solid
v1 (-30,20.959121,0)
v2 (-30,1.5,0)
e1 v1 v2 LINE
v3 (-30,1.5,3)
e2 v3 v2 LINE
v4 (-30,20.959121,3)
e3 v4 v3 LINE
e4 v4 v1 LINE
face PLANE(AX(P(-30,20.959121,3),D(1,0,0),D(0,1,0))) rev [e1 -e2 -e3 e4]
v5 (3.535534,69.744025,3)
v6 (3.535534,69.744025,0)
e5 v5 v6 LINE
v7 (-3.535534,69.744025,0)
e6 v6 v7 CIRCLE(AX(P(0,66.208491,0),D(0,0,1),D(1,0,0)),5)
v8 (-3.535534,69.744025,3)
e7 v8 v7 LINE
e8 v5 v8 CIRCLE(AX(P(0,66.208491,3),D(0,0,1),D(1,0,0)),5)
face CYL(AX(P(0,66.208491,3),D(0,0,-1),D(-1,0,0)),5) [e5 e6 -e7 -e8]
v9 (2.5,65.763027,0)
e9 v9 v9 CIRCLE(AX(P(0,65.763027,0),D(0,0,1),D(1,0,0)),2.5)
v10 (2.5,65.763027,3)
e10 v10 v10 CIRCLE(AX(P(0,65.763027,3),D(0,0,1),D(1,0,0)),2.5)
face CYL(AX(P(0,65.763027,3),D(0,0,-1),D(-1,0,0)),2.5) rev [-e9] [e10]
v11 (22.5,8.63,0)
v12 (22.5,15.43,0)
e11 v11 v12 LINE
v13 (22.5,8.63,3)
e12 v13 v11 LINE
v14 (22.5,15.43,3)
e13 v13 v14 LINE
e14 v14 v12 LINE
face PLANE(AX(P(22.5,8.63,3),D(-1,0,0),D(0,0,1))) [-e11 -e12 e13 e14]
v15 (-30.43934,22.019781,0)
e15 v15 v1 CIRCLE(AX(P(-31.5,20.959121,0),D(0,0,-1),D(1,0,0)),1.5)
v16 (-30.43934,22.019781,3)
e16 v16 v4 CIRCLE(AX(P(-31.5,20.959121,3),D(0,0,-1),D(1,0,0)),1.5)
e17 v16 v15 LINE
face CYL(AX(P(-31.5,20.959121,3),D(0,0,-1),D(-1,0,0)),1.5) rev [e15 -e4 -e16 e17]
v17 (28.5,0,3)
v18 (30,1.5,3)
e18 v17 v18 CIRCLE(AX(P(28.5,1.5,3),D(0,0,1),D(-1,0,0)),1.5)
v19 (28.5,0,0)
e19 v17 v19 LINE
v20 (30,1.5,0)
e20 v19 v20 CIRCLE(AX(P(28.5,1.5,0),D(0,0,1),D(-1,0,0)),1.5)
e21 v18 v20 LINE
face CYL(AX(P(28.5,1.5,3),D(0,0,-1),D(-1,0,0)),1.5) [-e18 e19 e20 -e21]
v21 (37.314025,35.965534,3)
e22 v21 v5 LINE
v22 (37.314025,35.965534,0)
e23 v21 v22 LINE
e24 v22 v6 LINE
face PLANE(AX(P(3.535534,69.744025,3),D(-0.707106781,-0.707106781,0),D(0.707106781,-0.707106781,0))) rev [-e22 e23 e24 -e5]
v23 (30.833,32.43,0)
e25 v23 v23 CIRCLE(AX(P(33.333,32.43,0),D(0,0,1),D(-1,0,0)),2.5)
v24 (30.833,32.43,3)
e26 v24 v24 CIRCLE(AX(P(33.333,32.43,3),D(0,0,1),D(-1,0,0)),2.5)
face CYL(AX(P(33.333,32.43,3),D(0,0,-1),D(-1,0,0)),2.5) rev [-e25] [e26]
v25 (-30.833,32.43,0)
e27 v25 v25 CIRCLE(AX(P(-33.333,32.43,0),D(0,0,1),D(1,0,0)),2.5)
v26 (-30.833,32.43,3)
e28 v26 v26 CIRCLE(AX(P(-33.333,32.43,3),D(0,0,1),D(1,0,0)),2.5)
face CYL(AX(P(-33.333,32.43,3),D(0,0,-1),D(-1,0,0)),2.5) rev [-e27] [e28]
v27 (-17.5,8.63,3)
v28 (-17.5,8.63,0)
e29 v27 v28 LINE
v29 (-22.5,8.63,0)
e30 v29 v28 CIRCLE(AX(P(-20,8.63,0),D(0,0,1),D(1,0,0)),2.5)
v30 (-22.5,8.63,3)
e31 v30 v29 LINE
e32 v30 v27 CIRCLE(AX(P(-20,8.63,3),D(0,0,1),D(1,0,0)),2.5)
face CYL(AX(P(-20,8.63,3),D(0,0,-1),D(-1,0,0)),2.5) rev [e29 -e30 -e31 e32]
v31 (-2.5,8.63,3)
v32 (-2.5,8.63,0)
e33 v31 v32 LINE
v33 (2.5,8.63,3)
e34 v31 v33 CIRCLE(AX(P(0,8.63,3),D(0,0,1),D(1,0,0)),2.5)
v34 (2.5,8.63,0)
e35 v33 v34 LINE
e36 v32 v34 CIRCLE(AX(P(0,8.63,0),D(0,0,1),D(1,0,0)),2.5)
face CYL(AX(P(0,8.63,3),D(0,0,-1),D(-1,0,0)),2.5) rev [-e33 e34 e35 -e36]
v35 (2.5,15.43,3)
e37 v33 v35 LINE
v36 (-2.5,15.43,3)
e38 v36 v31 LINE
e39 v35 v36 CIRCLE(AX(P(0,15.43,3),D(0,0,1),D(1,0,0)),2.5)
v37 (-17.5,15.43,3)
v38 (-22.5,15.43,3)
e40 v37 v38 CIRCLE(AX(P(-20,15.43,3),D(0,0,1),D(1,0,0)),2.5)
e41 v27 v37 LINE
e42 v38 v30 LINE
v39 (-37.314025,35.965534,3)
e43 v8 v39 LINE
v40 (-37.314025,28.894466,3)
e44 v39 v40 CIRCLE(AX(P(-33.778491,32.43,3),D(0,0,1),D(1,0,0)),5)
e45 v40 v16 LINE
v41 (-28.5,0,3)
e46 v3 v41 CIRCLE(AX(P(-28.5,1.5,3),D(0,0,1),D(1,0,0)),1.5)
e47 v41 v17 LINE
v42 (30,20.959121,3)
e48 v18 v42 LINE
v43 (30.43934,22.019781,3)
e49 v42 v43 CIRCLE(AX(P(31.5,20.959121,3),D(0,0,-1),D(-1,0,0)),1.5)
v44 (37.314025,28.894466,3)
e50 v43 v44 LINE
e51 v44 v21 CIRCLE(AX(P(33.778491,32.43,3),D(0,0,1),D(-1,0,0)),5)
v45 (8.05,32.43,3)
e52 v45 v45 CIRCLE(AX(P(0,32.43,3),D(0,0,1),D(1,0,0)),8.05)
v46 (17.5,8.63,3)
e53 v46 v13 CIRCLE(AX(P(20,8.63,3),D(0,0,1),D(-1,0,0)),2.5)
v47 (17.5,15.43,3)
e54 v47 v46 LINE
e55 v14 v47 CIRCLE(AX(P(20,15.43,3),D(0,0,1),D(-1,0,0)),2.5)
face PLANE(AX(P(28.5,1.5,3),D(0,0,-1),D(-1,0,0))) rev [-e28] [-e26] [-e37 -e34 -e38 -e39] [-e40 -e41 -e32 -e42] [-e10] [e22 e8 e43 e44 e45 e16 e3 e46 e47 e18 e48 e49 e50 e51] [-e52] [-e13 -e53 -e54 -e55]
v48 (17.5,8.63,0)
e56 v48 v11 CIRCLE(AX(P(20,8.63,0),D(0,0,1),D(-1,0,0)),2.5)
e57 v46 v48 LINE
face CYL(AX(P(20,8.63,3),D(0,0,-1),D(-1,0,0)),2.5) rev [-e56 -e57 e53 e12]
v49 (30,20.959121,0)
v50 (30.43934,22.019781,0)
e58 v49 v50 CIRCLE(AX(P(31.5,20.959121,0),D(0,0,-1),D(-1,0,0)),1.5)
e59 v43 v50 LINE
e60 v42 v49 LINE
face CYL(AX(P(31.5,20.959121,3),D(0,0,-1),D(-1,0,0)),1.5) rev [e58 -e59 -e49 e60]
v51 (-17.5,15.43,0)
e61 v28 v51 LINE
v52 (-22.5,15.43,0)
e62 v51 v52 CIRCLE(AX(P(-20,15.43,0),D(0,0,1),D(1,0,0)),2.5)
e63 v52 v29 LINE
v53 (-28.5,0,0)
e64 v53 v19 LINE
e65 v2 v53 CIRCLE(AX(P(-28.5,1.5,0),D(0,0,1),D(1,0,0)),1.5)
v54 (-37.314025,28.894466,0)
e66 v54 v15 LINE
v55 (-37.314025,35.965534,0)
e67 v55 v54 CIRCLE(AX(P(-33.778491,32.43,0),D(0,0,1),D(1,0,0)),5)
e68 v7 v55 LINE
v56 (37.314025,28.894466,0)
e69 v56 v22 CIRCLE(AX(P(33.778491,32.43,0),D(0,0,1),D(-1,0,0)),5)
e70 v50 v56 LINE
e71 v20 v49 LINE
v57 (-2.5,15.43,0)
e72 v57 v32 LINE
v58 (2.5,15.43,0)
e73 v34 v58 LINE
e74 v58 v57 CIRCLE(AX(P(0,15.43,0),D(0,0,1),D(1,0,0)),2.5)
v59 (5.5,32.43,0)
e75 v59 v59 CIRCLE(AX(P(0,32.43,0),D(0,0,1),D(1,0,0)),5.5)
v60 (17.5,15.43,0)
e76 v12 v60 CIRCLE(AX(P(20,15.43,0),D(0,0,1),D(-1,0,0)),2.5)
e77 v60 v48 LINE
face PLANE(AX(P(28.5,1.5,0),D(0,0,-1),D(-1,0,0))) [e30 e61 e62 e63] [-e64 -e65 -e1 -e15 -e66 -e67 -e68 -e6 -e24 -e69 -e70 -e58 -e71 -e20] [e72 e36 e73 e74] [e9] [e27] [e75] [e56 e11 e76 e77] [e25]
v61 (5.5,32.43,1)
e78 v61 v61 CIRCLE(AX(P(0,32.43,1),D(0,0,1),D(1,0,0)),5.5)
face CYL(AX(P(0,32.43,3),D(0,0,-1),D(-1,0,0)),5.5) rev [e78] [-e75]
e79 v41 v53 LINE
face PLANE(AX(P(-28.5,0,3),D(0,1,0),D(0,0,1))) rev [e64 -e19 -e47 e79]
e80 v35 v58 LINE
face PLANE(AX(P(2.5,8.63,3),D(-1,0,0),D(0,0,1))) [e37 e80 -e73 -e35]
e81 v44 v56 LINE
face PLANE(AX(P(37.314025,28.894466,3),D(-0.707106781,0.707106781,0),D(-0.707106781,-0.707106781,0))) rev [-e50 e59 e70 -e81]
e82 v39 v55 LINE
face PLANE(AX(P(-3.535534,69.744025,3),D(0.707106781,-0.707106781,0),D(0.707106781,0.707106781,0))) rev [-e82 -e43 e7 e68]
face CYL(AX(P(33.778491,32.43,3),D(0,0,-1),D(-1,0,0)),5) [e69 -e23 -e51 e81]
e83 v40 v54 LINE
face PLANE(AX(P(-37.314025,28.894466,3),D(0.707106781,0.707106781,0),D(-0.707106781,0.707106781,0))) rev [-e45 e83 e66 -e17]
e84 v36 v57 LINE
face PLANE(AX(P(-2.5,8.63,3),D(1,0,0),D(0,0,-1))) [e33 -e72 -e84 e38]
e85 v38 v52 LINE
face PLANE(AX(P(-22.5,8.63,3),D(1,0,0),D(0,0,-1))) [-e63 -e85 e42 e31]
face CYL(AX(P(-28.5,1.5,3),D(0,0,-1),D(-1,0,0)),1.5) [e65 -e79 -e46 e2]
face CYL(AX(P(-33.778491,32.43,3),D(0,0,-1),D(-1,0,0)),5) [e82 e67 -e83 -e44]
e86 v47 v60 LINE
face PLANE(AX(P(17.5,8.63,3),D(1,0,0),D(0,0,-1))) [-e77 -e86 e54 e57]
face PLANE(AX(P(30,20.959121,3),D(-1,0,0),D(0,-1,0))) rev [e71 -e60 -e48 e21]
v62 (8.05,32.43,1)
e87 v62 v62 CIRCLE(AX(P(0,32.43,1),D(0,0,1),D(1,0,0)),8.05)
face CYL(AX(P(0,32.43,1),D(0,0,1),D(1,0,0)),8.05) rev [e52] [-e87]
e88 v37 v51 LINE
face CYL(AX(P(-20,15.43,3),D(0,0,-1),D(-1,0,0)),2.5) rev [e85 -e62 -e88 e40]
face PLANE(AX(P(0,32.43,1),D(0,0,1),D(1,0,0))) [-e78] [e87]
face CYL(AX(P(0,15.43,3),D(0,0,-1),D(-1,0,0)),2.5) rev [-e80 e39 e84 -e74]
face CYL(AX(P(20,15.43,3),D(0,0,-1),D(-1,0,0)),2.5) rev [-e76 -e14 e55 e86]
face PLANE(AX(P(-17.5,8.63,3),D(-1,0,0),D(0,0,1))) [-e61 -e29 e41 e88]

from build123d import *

# Parameters (mm, degrees)
MODEL_R             = 5.5
MODEL_R_2           = 2.5
BOSS_EXTRUDE1_DEPTH = 3
SKETCH2_R           = 8.05
CUT_EXTRUDE1_DEPTH  = 2


with BuildPart() as part:
    # Model → Boss-Extrude1 (new body)
    with BuildSketch(Plane.XY):
        with BuildLine():
            Line((-28.5, 0), (28.5, 0))
            ThreePointArc((28.5, 0), (29.560660172, 0.439339828), (30, 1.5))
            Line((30, 1.5), (30, 20.959120907))
            ThreePointArc((30, 20.959120907), (30.114180701, 21.533146056), (30.439339828, 22.019781079))
            Line((30.439339828, 22.019781079), (37.314024843, 28.894466094))
            ThreePointArc((37.314024843, 28.894466094), (38.778490937, 32.43), (37.314024843, 35.965533906))
            Line((37.314024843, 35.965533906), (3.535533906, 69.744024843))
            ThreePointArc((3.535533906, 69.744024843), (0, 71.208490937), (-3.535533906, 69.744024843))
            Line((-3.535533906, 69.744024843), (-37.314024843, 35.965533906))
            ThreePointArc((-37.314024843, 35.965533906), (-38.778490937, 32.43), (-37.314024843, 28.894466094))
            Line((-37.314024843, 28.894466094), (-30.439339828, 22.019781079))
            ThreePointArc((-30.439339828, 22.019781079), (-30.114180701, 21.533146056), (-30, 20.959120907))
            Line((-30, 20.959120907), (-30, 1.5))
            ThreePointArc((-30, 1.5), (-29.560660172, 0.439339828), (-28.5, 0))
        make_face()
        with Locations((0, 32.43)):
            Circle(MODEL_R, mode=Mode.SUBTRACT)
        with Locations((0, 65.76302733)):
            Circle(MODEL_R_2, mode=Mode.SUBTRACT)
        with Locations((33.333, 32.43)):
            Circle(MODEL_R_2, mode=Mode.SUBTRACT)
        with Locations((-33.333, 32.43)):
            Circle(MODEL_R_2, mode=Mode.SUBTRACT)
        with BuildLine():
            Line((22.5, 8.63), (22.5, 15.43))
            ThreePointArc((22.5, 15.43), (20, 17.93), (17.5, 15.43))
            Line((17.5, 15.43), (17.5, 8.63))
            ThreePointArc((17.5, 8.63), (20, 6.13), (22.5, 8.63))
        make_face(mode=Mode.SUBTRACT)
        with BuildLine():
            Line((-22.5, 8.63), (-22.5, 15.43))
            ThreePointArc((-22.5, 15.43), (-20, 17.93), (-17.5, 15.43))
            Line((-17.5, 15.43), (-17.5, 8.63))
            ThreePointArc((-17.5, 8.63), (-20, 6.13), (-22.5, 8.63))
        make_face(mode=Mode.SUBTRACT)
        with BuildLine():
            Line((-2.5, 8.63), (-2.5, 15.43))
            ThreePointArc((-2.5, 15.43), (0, 17.93), (2.5, 15.43))
            Line((2.5, 15.43), (2.5, 8.63))
            ThreePointArc((2.5, 8.63), (0, 6.13), (-2.5, 8.63))
        make_face(mode=Mode.SUBTRACT)
    extrude(amount=BOSS_EXTRUDE1_DEPTH)

    # Sketch2 → Cut-Extrude1 (cut)
    with BuildSketch(Plane.XY.offset(3)):
        with Locations((0, 32.43)):
            Circle(SKETCH2_R)
    extrude(amount=-CUT_EXTRUDE1_DEPTH, mode=Mode.SUBTRACT)


solid = part.part
